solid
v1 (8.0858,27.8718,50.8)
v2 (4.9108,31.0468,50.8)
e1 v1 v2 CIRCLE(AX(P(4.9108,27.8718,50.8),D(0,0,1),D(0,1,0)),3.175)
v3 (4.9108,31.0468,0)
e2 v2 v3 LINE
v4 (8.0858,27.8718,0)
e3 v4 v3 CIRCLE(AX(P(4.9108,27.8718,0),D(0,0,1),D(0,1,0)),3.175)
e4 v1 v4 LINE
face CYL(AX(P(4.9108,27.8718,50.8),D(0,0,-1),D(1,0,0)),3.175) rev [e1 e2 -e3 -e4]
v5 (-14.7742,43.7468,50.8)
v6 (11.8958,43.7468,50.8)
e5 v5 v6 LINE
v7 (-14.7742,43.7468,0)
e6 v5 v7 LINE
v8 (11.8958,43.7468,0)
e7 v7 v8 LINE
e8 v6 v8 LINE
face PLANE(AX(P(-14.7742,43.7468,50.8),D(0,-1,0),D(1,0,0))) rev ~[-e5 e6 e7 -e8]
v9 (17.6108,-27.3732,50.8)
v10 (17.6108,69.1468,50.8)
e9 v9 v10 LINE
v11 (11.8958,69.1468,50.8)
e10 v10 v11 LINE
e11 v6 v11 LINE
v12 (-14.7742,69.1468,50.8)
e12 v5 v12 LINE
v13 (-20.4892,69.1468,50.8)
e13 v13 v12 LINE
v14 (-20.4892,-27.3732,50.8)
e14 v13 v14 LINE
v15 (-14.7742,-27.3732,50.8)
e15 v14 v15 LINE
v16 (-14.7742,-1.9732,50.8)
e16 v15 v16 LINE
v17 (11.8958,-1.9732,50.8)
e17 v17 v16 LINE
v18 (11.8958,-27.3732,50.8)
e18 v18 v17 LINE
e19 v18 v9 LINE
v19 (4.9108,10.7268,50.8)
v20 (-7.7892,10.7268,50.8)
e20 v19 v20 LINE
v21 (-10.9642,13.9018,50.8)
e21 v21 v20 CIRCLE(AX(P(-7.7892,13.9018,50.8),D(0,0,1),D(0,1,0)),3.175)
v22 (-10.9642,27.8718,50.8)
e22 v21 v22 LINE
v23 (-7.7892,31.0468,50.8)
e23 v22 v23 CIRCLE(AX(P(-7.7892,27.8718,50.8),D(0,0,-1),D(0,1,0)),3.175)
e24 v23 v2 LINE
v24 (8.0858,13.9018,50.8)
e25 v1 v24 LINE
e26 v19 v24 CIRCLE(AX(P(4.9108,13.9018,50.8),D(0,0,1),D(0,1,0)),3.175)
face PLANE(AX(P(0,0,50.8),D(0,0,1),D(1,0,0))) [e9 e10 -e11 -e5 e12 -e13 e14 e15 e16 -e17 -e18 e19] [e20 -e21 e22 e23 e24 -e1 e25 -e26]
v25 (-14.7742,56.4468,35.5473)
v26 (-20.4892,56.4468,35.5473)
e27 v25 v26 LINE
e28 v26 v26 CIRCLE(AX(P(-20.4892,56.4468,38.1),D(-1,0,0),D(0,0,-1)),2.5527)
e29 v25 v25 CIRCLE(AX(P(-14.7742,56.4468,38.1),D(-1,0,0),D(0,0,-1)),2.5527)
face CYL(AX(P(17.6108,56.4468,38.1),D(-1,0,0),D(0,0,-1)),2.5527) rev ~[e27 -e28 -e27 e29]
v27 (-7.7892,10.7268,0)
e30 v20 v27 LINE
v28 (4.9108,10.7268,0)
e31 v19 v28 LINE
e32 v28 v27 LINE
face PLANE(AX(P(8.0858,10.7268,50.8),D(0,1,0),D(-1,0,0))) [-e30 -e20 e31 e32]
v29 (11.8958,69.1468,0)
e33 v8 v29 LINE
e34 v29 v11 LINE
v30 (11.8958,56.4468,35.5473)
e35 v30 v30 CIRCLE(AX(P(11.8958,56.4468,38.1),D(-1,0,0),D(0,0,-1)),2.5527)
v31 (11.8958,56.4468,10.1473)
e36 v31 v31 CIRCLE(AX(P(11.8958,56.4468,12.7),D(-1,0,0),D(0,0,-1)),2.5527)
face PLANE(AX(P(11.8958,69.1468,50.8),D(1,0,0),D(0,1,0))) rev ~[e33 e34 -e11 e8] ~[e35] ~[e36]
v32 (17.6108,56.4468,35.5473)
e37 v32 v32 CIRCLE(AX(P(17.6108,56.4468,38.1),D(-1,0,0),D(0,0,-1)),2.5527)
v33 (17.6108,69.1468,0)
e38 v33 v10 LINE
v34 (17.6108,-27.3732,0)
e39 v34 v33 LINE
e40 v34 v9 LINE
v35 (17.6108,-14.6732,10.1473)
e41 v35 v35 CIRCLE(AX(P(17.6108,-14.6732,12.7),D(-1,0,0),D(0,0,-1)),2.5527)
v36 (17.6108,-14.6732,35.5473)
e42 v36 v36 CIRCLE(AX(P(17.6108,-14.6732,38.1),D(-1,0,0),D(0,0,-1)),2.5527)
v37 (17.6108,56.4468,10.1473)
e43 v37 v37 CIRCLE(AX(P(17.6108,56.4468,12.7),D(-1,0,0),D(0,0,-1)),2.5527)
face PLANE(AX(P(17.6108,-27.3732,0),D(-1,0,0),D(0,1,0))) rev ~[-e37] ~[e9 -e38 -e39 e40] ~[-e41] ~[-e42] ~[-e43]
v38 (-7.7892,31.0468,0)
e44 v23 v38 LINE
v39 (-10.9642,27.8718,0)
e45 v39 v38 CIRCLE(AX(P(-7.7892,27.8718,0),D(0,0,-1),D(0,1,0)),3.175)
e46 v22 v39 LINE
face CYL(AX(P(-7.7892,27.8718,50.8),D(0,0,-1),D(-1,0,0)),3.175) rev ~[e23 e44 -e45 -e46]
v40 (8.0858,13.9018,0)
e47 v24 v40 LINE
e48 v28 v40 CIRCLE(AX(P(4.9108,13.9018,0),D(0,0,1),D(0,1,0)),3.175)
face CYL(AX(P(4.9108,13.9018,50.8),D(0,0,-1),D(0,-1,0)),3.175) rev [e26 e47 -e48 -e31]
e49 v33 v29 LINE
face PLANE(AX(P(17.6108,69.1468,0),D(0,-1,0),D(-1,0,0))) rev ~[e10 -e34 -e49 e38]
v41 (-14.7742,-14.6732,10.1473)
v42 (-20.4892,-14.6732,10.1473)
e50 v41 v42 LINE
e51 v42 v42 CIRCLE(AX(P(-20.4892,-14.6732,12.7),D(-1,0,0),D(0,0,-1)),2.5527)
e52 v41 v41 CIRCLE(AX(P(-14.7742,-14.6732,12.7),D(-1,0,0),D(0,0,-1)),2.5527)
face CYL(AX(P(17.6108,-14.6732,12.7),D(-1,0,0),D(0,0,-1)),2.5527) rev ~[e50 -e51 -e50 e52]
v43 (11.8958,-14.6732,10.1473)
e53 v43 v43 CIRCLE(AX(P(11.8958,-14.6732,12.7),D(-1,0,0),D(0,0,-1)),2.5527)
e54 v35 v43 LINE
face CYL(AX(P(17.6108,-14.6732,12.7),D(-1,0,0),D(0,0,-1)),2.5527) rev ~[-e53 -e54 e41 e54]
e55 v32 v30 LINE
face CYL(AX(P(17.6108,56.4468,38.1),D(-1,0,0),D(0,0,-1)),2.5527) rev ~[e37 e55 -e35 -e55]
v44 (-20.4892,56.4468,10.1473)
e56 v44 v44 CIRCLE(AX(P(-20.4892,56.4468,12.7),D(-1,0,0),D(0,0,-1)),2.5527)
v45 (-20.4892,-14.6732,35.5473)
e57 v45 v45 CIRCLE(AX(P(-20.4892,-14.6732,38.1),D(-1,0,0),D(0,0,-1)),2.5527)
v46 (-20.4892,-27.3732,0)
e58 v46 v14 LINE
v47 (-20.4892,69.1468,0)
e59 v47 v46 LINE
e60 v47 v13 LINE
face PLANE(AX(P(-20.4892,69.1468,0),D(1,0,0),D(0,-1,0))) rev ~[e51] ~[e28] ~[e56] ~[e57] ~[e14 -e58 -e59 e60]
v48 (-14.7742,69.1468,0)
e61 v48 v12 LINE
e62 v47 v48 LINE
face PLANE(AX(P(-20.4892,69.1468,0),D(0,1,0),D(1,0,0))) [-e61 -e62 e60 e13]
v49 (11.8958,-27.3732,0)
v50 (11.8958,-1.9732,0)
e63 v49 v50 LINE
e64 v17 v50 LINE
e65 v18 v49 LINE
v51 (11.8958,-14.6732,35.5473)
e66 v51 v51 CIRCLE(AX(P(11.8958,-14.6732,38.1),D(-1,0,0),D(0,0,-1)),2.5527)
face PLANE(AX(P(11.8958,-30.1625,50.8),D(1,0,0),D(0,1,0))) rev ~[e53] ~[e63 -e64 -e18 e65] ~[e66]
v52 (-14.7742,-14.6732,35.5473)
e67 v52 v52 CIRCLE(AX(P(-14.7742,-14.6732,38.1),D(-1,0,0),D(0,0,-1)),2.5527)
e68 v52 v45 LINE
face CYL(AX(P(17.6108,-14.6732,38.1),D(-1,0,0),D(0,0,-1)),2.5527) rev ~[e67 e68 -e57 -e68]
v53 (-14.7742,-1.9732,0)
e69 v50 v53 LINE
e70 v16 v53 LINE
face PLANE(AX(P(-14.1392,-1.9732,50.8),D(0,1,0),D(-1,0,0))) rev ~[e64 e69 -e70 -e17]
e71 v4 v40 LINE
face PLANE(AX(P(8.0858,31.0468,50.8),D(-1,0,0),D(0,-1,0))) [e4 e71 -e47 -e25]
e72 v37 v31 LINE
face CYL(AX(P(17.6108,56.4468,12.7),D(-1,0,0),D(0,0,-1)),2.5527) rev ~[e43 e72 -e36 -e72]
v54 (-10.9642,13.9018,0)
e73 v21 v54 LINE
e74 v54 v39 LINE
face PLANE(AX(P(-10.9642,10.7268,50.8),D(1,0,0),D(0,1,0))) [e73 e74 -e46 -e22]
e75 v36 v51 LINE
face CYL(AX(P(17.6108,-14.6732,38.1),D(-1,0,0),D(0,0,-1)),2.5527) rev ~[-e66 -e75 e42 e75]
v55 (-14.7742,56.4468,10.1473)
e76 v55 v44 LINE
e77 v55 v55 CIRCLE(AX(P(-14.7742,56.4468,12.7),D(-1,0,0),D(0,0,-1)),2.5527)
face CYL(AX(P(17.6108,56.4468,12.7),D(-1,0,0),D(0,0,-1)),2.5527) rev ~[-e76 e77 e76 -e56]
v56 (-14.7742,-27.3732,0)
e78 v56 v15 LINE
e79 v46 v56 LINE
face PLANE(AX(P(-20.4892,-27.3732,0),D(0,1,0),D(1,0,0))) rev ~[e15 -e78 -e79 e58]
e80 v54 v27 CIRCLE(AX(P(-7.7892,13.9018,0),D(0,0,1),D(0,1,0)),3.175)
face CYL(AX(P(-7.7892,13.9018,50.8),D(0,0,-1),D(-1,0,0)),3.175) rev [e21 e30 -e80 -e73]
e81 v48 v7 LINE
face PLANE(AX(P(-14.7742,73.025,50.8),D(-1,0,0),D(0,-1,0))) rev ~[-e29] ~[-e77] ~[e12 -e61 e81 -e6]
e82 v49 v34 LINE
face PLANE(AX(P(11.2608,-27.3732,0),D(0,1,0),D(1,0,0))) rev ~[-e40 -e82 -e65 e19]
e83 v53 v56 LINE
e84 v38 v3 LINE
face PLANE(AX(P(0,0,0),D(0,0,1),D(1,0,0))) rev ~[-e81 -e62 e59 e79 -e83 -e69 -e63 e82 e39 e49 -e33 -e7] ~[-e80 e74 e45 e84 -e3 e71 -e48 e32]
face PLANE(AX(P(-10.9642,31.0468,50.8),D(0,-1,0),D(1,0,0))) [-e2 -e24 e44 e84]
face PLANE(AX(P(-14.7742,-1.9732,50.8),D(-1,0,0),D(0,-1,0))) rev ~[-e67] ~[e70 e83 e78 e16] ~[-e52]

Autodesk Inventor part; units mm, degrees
ref_plane "YZ Plane" through (0, 0, 0) normal (1, 0, 0) x (0, 1, 0)
ref_plane "XZ Plane" through (0, 0, 0) normal (0, 1, 0) x (-1, 0, 0)
ref_plane "XY Plane" through (0, 0, 0) normal (0, 0, 1) x (1, 0, 0)
sketch "Bracket-CrossArea" plane through (0, 0, 0) normal (0, 0, 1) x (1, 0, 0)
  line L0 (-20.4892, 69.1468) -> (-20.4892, -27.3732)
  line L1 (-20.4892, -27.3732) -> (-14.1392, -27.3732)
  line L2 (-14.1392, -27.3732) -> (-14.1392, -1.9732)
  line L3 (-14.1392, -1.9732) -> (11.2608, -1.9732)
  line L4 (11.2608, -1.9732) -> (11.2608, -27.3732)
  line L5 (11.2608, -27.3732) -> (17.6108, -27.3732)
  line L6 (17.6108, -27.3732) -> (17.6108, 69.1468)
  line L7 (17.6108, 69.1468) -> (11.2608, 69.1468)
  line L8 (11.2608, 69.1468) -> (11.2608, 43.7468)
  line L9 (11.2608, 43.7468) -> (-14.1392, 43.7468)
  line L10 (-14.1392, 43.7468) -> (-14.1392, 69.1468)
  line L11 (-20.4892, 69.1468) -> (-14.1392, 69.1468)
  point P0 (0, 0)
  dimension "d3" = 6.35
  dimension "d4" = 96.52
  dimension "d5" = 25.4
  dimension "d6" = 25.4
  dimension "d7" = 6.35
  dimension "d10" = 25.4
extrude "HBracket_3DShape" add sketch "Bracket-CrossArea" along normal blind 50.8
sketch "Sketch2" plane through (0, 0, 50.8) normal (0, 0, 1) x (1, 0, 0)
  line L0 (-10.9642, 31.0468) -> (8.0858, 31.0468)
  line L1 (8.0858, 31.0468) -> (8.0858, 10.7268)
  line L2 (8.0858, 10.7268) -> (-10.9642, 10.7268)
  line L3 (-10.9642, 10.7268) -> (-10.9642, 31.0468)
  line L4 (11.2608, 43.7468) -> (-14.1392, 43.7468) projected
  line L5 (-14.1392, -1.9732) -> (11.2608, -1.9732) projected
  line L6 (-14.1392, 43.7468) -> (-14.1392, 69.1468) projected
  line L7 (11.2608, 69.1468) -> (11.2608, 43.7468) projected
  line L8 (17.6108, -27.3732) -> (17.6108, 69.1468) projected
  line L9 (-20.4892, 69.1468) -> (-20.4892, -27.3732) projected
  point P0 (0, 0)
  dimension "d11" = 12.7
  dimension "d12" = 12.7
  dimension "d29" = 9.525
  dimension "d30" = 9.525
extrude "MiddleHole" cut sketch "Sketch2" against normal through all
fillet "RoundedInside" radius 3.175 4 edges at (-10.9642, 10.7268, 25.4) (-10.9642, 31.0468, 25.4) (8.0858, 31.0468, 25.4) (8.0858, 10.7268, 25.4)
sketch "Sketch4" plane through (17.6108, -27.3732, 0) normal (1, 0, 0) x (0, 0, -1)
  line L0 (0, 71.12) -> (-50.8, 71.12) projected
  line L1 (0, 71.12) -> (-50.8, 71.12) projected
  line L2 (0, 0) -> (-50.8, 0) projected
  line L3 (0, 25.4) -> (-50.8, 25.4) projected
  line L4 (0, 0) -> (0, 96.52) projected
  line L5 (0, 96.52) -> (-50.8, 96.52) projected
  line L6 (-50.8, 0) -> (-50.8, 96.52) projected
  line L7 (0, 0) -> (-50.8, 0) projected
  point P0 (0, 27.3732)
  point P1 (-38.1, 83.82)
  point P2 (-12.7, 83.82)
  point P3 (-38.1, 12.7)
  point P4 (-12.7, 12.7)
  dimension "d48" = 12.7
  dimension "d49" = 12.7
  dimension "d52" = 25.4
  dimension "d55" = 71.12
hole "Screw Holes" at (17.6108, 56.4468, 38.1) at (17.6108, 56.4468, 12.7) at (17.6108, -14.6732, 38.1) at (17.6108, -14.6732, 12.7) direction (-1, 0, 0) diameter 5.1054 end through all clearance for "Hex Machine Screw" size "#10" standard "Ansi Unified Screw Threads"
sketch "GapSpacing" plane through (0, 0, 50.8) normal (0, 0, 1) x (1, 0, 0)
  line L0 (-20.4892, -27.3732) -> (-14.1392, -27.3732) projected
  line L1 (-14.1392, -27.3732) -> (-14.1392, -1.9732) projected
  line L2 (-14.1392, -1.9732) -> (11.2608, -1.9732) projected
  line L3 (11.2608, -1.9732) -> (11.2608, -27.3732) projected
  line L4 (11.2608, -27.3732) -> (17.6108, -27.3732) projected
  line L5 (17.6108, -27.3732) -> (17.6108, 69.1468) projected
  line L6 (17.6108, 69.1468) -> (11.2608, 69.1468) projected
  line L7 (11.2608, 69.1468) -> (11.2608, 43.7468) projected
  line L8 (11.2608, 43.7468) -> (-14.1392, 43.7468) projected
  line L9 (-14.1392, 43.7468) -> (-14.1392, 69.1468) projected
  line L10 (-14.1392, 69.1468) -> (-20.4892, 69.1468) projected
  line L11 (-20.4892, 69.1468) -> (-20.4892, -27.3732) projected
  line L12 (-14.7742, 43.7468) -> (11.8958, 43.7468)
  line L13 (11.8958, 43.7468) -> (11.8958, 73.025)
  line L14 (11.8958, 73.025) -> (-14.7742, 73.025)
  line L15 (-14.7742, 73.025) -> (-14.7742, 43.7468)
  line L16 (-14.7742, -30.1625) -> (11.8958, -30.1625)
  line L17 (11.8958, -30.1625) -> (11.8958, -1.9732)
  line L18 (11.8958, -1.9732) -> (-14.7742, -1.9732)
  line L19 (-14.7742, -1.9732) -> (-14.7742, -30.1625)
  point P0 (-14.7742, -27.3732)
  point P1 (11.8958, -27.3732)
  point P2 (11.8958, 69.1468)
  point P3 (-14.7742, 69.1468)
  point P4 (-14.1392, 43.7468)
  point P5 (-14.1392, 43.7468)
  dimension "d58" = 0.635
  dimension "d59" = 0.635
  dimension "d62" = 0.635
  dimension "d63" = 0.635
extrude "GapSpace" cut sketch "GapSpacing" against normal through all contours L19 L18 L1 L0 | L0 L1 L2 L3 L4 L17 L16 L19 | L15 L14 L13 L6 L7 L8 L9 L10 | L10 L9 L12 L15 | L18 L17 L4 L3 | L7 L6 L13 L12
equation "\"d6\" = d5"
equation "\"d7\" = d3"
equation "\"d12\" = d11"
equation "\"d30\" = d29"
equation "\"d59\" = d58"
equation "\"d62\" = d58"
equation "\"d63\" = d58"
properties part number "Arm_H-Bracket"
